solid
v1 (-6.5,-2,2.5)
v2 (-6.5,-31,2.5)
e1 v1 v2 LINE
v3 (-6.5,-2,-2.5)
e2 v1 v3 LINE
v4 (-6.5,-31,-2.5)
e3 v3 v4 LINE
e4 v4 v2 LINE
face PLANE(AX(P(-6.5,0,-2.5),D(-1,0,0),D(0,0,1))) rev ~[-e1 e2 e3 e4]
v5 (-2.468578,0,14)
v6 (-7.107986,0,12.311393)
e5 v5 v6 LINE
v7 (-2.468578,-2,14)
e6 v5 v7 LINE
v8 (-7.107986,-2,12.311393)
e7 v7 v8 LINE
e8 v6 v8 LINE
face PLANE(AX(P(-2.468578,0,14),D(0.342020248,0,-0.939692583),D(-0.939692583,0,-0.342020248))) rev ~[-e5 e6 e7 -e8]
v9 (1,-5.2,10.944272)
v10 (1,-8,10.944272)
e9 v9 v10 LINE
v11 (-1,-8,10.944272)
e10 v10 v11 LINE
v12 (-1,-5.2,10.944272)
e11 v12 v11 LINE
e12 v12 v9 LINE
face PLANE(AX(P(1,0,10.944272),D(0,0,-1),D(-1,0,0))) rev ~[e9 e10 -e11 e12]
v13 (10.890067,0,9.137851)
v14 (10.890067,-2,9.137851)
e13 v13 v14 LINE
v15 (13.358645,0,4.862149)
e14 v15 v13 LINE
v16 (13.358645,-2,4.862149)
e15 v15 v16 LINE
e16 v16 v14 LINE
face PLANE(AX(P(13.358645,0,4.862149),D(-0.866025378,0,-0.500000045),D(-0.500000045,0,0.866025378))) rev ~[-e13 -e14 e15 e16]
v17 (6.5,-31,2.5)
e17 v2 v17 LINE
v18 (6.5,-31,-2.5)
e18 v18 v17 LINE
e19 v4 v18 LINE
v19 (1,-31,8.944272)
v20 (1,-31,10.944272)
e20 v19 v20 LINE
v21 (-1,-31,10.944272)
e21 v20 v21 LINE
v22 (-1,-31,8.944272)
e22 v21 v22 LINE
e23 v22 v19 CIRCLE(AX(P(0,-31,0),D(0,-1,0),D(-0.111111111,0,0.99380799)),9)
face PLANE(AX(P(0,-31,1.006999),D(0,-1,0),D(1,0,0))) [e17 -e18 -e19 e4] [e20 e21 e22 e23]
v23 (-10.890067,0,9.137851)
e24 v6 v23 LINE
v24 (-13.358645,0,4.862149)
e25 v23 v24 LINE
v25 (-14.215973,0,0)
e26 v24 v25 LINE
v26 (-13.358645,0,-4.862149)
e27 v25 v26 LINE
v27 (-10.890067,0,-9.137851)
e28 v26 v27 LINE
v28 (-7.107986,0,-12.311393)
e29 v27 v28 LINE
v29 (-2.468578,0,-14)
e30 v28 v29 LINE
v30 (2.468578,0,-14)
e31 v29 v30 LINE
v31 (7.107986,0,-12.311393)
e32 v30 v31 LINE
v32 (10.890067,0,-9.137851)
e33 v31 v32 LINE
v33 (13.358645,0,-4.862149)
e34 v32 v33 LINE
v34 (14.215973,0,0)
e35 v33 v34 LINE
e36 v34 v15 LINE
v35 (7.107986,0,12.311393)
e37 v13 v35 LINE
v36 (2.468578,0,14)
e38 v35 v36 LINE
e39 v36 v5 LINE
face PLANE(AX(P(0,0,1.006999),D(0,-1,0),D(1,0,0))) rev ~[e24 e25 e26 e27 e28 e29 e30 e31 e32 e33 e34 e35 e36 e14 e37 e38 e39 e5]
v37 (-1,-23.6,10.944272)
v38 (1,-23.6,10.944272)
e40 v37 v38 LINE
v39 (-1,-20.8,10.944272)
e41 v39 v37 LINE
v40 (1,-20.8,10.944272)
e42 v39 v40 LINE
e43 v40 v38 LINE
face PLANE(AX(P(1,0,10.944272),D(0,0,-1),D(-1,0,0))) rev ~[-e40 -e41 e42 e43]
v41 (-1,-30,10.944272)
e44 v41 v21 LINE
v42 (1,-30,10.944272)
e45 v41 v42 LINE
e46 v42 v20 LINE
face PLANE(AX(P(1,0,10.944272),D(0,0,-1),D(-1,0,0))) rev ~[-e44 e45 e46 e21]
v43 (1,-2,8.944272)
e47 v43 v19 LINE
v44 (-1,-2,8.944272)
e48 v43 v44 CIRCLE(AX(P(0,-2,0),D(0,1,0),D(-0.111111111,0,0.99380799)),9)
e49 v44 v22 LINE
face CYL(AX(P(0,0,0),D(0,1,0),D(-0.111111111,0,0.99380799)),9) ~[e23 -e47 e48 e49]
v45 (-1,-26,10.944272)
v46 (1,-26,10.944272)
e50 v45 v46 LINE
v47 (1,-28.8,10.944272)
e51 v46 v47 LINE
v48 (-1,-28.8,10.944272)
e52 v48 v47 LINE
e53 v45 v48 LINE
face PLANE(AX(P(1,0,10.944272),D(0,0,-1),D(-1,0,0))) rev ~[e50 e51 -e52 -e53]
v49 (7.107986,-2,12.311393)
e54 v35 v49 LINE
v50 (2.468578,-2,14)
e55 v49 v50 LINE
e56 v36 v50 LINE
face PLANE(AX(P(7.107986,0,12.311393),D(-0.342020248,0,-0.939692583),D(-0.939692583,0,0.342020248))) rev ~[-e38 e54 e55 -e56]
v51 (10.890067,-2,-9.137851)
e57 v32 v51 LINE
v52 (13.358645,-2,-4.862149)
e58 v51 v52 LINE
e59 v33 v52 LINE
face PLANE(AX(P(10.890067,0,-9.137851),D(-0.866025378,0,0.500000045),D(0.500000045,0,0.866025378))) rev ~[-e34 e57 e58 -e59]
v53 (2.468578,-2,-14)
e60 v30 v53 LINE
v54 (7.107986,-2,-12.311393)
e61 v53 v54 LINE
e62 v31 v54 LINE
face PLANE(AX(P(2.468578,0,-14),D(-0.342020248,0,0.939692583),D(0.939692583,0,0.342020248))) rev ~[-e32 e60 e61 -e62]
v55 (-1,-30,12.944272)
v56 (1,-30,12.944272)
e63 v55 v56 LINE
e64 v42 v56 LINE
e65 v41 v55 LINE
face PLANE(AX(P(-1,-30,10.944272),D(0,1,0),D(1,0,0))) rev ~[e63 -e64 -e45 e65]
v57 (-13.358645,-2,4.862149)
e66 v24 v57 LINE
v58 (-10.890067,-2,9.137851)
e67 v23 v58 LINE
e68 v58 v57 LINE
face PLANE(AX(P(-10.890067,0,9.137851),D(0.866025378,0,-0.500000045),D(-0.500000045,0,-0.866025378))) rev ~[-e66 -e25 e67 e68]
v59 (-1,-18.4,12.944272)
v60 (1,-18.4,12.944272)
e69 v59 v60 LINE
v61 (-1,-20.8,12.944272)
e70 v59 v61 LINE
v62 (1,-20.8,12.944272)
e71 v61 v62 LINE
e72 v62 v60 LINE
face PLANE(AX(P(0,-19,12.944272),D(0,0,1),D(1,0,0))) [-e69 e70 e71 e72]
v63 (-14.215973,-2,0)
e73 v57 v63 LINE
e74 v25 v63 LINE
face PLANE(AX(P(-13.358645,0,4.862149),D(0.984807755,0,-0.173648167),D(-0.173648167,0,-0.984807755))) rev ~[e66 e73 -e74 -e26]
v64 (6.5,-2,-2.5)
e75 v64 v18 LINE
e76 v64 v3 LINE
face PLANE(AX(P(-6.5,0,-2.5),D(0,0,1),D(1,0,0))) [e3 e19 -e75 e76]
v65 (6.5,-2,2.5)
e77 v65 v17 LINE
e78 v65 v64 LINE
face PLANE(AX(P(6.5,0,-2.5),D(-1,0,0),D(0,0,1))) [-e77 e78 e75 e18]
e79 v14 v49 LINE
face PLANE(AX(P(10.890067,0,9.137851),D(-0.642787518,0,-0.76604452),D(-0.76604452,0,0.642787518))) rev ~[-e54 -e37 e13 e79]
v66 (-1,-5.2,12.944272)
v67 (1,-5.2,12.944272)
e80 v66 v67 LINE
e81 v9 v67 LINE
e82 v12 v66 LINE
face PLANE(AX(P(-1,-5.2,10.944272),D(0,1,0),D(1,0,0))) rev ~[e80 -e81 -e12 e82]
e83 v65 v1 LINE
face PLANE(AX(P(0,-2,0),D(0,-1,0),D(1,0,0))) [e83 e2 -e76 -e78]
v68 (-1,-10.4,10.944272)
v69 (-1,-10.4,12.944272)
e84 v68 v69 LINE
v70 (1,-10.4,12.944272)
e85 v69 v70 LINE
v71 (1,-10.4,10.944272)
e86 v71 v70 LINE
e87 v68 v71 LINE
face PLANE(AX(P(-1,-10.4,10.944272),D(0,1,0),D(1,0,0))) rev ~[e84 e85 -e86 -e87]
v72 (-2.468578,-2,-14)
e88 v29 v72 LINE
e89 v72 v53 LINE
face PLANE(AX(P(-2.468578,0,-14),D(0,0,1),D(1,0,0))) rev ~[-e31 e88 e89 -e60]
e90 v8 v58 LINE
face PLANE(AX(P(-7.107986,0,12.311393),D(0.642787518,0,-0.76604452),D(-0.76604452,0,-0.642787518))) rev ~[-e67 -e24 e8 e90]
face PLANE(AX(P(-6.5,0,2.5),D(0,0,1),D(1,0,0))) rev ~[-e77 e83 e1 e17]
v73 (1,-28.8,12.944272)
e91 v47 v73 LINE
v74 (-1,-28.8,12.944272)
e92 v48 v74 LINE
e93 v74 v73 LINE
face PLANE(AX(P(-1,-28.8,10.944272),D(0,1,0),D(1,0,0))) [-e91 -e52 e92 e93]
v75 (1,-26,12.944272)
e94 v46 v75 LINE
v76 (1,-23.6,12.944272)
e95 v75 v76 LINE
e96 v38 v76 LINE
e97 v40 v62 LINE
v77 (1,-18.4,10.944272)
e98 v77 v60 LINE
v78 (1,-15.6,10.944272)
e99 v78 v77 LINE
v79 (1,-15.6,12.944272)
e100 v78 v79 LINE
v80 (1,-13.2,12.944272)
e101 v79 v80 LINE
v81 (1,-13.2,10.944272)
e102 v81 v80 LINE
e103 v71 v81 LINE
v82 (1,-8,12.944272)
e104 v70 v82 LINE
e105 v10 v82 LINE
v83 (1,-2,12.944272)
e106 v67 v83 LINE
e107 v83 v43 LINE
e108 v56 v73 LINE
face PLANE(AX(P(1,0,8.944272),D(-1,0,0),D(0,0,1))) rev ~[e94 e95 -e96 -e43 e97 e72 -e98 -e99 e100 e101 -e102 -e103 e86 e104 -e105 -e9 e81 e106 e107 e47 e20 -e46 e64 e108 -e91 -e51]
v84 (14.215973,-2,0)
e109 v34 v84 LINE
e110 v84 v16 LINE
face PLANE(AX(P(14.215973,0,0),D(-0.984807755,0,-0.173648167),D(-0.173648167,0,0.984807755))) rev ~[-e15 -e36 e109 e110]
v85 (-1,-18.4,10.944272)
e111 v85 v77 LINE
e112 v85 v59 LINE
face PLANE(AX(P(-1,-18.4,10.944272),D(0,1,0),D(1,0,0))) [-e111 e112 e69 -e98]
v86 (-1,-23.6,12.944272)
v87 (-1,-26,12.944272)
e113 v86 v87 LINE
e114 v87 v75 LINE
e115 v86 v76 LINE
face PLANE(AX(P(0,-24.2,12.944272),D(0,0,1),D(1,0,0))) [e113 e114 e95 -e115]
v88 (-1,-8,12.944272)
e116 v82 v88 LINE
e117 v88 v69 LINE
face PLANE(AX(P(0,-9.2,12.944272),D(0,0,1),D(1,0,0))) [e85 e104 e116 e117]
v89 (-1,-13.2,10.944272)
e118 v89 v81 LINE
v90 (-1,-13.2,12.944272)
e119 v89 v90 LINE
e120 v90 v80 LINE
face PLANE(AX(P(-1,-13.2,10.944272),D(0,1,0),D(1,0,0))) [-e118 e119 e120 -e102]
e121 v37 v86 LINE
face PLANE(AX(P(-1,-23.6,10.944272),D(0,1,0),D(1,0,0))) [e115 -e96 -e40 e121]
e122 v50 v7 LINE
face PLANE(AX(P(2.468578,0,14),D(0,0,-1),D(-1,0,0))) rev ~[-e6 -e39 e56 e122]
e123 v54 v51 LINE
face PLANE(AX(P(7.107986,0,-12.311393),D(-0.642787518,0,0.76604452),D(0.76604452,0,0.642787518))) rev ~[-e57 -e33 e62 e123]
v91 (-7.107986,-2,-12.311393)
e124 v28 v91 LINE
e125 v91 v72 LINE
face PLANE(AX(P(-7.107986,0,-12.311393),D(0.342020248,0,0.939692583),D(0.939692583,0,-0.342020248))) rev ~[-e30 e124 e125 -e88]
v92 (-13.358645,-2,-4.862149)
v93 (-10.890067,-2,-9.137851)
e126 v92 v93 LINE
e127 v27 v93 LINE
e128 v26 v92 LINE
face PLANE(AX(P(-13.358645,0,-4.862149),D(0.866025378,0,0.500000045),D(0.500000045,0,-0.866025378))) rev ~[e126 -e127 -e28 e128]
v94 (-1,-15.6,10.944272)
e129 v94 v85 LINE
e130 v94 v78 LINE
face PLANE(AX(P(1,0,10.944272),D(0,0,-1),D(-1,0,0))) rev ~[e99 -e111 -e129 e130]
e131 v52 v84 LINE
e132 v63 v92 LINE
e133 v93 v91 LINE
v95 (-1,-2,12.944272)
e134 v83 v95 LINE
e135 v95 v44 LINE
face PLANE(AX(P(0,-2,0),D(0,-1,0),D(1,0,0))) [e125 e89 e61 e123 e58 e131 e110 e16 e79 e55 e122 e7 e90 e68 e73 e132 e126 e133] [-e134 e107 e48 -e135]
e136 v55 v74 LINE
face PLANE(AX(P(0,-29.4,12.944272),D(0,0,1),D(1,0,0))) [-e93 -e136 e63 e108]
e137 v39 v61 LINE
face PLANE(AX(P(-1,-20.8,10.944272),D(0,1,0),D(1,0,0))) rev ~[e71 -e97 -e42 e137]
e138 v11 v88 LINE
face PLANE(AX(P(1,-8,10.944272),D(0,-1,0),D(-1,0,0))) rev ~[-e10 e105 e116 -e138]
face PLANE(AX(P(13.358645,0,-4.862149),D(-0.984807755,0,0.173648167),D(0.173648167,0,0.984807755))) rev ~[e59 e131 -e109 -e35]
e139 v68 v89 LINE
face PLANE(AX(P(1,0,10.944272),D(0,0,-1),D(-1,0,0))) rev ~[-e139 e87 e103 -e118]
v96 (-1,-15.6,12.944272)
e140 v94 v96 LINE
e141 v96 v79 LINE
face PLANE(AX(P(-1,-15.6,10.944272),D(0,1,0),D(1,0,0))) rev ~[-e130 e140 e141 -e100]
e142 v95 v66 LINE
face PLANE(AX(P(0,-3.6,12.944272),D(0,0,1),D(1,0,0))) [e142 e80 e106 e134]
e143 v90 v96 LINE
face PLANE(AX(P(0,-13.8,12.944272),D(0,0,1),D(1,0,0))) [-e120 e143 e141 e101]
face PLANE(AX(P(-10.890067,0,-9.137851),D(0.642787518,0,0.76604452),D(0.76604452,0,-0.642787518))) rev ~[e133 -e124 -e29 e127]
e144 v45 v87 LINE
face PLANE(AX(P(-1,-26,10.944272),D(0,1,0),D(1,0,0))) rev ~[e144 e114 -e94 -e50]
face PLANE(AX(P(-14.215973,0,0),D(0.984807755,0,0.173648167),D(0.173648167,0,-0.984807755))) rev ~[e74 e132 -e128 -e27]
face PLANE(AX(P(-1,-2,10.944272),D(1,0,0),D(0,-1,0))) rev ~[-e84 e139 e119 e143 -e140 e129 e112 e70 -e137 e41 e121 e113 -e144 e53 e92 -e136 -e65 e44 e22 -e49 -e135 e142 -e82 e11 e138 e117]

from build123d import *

# Parameters (mm, degrees)
F0_W     = 14
F0_H     = 5
F1_DEPTH = 2
F2_W     = 13
F2_H     = 5
F3_DEPTH = 31
F4_W     = 2
F4_H     = 1.2
F5_DEPTH = 2


with BuildPart() as f1:
    # F0 (on Front) → F1 (new body)
    with BuildSketch(Plane.XZ):
        Polygon((2.468578, 14), (-2.468578, 14), (-7.107986, 12.311393), (-10.890067, 9.137851), (-13.358645, 4.862149), (-14.215973, 0), (-13.358645, -4.862149), (-10.890067, -9.137851), (-7.107986, -12.311393), (-2.468578, -14), (2.468578, -14), (7.107986, -12.311393), (10.890067, -9.137851), (13.358645, -4.862149), (14.215973, 0), (13.358645, 4.862149), (10.890067, 9.137851), (7.107986, 12.311393), align=None)
        with BuildLine():
            ThreePointArc((1, 8.944272), (6.708204, 6), (9, 0))
            ThreePointArc((9, 0), (-6, -6.708204), (-1, 8.944272))
            Line((-1, 8.944272), (-1, 10.944272))
            Line((-1, 10.944272), (1, 10.944272))
            Line((1, 10.944272), (1, 8.944272))
        make_face(mode=Mode.SUBTRACT)
        with BuildLine():
            ThreePointArc((-1, 8.944272), (0, 9), (1, 8.944272))
            Line((1, 8.944272), (1, 10.944272))
            Line((1, 10.944272), (-1, 10.944272))
            Line((-1, 10.944272), (-1, 8.944272))
        make_face()
        with BuildLine():
            ThreePointArc((-1, 8.944272), (-6, -6.708204), (9, 0))
            ThreePointArc((9, 0), (6.708204, 6), (1, 8.944272))
            ThreePointArc((1, 8.944272), (0, 9), (-1, 8.944272))
        make_face()
        Rectangle(F0_W, F0_H, mode=Mode.SUBTRACT)
        Rectangle(F0_W, F0_H)
    extrude(amount=F1_DEPTH)

    # F2 (on Front) → F3 (join)
    with BuildSketch(Plane.XZ):
        with BuildLine():
            Line((-1, 10.944272), (-1, 8.944272))
            ThreePointArc((-1, 8.944272), (0, -9), (1, 8.944272))
            Line((1, 8.944272), (1, 10.944272))
            Line((1, 10.944272), (-1, 10.944272))
        make_face()
        Rectangle(F2_W, F2_H, mode=Mode.SUBTRACT)
    extrude(amount=F3_DEPTH)

    # F4 (on face) → F5 (join)
    with BuildSketch(Plane.XY.offset(10.944272)):
        Polygon((1, -4), (1, -2), (-1, -2), (-1, -4), (-1, -5.2), (1, -5.2), align=None)
        Polygon((1, -9.2), (1, -8), (-1, -8), (-1, -9.2), (-1, -10.4), (1, -10.4), align=None)
        with Locations((0, -13.8)):
            Rectangle(F4_W, F4_H)
        with Locations((0, -15)):
            Rectangle(F4_W, F4_H)
        with Locations((0, -19)):
            Rectangle(F4_W, F4_H)
        with Locations((0, -20.2)):
            Rectangle(F4_W, F4_H)
        with Locations((0, -24.2)):
            Rectangle(F4_W, F4_H)
        with Locations((0, -25.4)):
            Rectangle(F4_W, F4_H)
        with Locations((0, -29.4)):
            Rectangle(F4_W, F4_H)
    extrude(amount=F5_DEPTH)


solid = f1.part
